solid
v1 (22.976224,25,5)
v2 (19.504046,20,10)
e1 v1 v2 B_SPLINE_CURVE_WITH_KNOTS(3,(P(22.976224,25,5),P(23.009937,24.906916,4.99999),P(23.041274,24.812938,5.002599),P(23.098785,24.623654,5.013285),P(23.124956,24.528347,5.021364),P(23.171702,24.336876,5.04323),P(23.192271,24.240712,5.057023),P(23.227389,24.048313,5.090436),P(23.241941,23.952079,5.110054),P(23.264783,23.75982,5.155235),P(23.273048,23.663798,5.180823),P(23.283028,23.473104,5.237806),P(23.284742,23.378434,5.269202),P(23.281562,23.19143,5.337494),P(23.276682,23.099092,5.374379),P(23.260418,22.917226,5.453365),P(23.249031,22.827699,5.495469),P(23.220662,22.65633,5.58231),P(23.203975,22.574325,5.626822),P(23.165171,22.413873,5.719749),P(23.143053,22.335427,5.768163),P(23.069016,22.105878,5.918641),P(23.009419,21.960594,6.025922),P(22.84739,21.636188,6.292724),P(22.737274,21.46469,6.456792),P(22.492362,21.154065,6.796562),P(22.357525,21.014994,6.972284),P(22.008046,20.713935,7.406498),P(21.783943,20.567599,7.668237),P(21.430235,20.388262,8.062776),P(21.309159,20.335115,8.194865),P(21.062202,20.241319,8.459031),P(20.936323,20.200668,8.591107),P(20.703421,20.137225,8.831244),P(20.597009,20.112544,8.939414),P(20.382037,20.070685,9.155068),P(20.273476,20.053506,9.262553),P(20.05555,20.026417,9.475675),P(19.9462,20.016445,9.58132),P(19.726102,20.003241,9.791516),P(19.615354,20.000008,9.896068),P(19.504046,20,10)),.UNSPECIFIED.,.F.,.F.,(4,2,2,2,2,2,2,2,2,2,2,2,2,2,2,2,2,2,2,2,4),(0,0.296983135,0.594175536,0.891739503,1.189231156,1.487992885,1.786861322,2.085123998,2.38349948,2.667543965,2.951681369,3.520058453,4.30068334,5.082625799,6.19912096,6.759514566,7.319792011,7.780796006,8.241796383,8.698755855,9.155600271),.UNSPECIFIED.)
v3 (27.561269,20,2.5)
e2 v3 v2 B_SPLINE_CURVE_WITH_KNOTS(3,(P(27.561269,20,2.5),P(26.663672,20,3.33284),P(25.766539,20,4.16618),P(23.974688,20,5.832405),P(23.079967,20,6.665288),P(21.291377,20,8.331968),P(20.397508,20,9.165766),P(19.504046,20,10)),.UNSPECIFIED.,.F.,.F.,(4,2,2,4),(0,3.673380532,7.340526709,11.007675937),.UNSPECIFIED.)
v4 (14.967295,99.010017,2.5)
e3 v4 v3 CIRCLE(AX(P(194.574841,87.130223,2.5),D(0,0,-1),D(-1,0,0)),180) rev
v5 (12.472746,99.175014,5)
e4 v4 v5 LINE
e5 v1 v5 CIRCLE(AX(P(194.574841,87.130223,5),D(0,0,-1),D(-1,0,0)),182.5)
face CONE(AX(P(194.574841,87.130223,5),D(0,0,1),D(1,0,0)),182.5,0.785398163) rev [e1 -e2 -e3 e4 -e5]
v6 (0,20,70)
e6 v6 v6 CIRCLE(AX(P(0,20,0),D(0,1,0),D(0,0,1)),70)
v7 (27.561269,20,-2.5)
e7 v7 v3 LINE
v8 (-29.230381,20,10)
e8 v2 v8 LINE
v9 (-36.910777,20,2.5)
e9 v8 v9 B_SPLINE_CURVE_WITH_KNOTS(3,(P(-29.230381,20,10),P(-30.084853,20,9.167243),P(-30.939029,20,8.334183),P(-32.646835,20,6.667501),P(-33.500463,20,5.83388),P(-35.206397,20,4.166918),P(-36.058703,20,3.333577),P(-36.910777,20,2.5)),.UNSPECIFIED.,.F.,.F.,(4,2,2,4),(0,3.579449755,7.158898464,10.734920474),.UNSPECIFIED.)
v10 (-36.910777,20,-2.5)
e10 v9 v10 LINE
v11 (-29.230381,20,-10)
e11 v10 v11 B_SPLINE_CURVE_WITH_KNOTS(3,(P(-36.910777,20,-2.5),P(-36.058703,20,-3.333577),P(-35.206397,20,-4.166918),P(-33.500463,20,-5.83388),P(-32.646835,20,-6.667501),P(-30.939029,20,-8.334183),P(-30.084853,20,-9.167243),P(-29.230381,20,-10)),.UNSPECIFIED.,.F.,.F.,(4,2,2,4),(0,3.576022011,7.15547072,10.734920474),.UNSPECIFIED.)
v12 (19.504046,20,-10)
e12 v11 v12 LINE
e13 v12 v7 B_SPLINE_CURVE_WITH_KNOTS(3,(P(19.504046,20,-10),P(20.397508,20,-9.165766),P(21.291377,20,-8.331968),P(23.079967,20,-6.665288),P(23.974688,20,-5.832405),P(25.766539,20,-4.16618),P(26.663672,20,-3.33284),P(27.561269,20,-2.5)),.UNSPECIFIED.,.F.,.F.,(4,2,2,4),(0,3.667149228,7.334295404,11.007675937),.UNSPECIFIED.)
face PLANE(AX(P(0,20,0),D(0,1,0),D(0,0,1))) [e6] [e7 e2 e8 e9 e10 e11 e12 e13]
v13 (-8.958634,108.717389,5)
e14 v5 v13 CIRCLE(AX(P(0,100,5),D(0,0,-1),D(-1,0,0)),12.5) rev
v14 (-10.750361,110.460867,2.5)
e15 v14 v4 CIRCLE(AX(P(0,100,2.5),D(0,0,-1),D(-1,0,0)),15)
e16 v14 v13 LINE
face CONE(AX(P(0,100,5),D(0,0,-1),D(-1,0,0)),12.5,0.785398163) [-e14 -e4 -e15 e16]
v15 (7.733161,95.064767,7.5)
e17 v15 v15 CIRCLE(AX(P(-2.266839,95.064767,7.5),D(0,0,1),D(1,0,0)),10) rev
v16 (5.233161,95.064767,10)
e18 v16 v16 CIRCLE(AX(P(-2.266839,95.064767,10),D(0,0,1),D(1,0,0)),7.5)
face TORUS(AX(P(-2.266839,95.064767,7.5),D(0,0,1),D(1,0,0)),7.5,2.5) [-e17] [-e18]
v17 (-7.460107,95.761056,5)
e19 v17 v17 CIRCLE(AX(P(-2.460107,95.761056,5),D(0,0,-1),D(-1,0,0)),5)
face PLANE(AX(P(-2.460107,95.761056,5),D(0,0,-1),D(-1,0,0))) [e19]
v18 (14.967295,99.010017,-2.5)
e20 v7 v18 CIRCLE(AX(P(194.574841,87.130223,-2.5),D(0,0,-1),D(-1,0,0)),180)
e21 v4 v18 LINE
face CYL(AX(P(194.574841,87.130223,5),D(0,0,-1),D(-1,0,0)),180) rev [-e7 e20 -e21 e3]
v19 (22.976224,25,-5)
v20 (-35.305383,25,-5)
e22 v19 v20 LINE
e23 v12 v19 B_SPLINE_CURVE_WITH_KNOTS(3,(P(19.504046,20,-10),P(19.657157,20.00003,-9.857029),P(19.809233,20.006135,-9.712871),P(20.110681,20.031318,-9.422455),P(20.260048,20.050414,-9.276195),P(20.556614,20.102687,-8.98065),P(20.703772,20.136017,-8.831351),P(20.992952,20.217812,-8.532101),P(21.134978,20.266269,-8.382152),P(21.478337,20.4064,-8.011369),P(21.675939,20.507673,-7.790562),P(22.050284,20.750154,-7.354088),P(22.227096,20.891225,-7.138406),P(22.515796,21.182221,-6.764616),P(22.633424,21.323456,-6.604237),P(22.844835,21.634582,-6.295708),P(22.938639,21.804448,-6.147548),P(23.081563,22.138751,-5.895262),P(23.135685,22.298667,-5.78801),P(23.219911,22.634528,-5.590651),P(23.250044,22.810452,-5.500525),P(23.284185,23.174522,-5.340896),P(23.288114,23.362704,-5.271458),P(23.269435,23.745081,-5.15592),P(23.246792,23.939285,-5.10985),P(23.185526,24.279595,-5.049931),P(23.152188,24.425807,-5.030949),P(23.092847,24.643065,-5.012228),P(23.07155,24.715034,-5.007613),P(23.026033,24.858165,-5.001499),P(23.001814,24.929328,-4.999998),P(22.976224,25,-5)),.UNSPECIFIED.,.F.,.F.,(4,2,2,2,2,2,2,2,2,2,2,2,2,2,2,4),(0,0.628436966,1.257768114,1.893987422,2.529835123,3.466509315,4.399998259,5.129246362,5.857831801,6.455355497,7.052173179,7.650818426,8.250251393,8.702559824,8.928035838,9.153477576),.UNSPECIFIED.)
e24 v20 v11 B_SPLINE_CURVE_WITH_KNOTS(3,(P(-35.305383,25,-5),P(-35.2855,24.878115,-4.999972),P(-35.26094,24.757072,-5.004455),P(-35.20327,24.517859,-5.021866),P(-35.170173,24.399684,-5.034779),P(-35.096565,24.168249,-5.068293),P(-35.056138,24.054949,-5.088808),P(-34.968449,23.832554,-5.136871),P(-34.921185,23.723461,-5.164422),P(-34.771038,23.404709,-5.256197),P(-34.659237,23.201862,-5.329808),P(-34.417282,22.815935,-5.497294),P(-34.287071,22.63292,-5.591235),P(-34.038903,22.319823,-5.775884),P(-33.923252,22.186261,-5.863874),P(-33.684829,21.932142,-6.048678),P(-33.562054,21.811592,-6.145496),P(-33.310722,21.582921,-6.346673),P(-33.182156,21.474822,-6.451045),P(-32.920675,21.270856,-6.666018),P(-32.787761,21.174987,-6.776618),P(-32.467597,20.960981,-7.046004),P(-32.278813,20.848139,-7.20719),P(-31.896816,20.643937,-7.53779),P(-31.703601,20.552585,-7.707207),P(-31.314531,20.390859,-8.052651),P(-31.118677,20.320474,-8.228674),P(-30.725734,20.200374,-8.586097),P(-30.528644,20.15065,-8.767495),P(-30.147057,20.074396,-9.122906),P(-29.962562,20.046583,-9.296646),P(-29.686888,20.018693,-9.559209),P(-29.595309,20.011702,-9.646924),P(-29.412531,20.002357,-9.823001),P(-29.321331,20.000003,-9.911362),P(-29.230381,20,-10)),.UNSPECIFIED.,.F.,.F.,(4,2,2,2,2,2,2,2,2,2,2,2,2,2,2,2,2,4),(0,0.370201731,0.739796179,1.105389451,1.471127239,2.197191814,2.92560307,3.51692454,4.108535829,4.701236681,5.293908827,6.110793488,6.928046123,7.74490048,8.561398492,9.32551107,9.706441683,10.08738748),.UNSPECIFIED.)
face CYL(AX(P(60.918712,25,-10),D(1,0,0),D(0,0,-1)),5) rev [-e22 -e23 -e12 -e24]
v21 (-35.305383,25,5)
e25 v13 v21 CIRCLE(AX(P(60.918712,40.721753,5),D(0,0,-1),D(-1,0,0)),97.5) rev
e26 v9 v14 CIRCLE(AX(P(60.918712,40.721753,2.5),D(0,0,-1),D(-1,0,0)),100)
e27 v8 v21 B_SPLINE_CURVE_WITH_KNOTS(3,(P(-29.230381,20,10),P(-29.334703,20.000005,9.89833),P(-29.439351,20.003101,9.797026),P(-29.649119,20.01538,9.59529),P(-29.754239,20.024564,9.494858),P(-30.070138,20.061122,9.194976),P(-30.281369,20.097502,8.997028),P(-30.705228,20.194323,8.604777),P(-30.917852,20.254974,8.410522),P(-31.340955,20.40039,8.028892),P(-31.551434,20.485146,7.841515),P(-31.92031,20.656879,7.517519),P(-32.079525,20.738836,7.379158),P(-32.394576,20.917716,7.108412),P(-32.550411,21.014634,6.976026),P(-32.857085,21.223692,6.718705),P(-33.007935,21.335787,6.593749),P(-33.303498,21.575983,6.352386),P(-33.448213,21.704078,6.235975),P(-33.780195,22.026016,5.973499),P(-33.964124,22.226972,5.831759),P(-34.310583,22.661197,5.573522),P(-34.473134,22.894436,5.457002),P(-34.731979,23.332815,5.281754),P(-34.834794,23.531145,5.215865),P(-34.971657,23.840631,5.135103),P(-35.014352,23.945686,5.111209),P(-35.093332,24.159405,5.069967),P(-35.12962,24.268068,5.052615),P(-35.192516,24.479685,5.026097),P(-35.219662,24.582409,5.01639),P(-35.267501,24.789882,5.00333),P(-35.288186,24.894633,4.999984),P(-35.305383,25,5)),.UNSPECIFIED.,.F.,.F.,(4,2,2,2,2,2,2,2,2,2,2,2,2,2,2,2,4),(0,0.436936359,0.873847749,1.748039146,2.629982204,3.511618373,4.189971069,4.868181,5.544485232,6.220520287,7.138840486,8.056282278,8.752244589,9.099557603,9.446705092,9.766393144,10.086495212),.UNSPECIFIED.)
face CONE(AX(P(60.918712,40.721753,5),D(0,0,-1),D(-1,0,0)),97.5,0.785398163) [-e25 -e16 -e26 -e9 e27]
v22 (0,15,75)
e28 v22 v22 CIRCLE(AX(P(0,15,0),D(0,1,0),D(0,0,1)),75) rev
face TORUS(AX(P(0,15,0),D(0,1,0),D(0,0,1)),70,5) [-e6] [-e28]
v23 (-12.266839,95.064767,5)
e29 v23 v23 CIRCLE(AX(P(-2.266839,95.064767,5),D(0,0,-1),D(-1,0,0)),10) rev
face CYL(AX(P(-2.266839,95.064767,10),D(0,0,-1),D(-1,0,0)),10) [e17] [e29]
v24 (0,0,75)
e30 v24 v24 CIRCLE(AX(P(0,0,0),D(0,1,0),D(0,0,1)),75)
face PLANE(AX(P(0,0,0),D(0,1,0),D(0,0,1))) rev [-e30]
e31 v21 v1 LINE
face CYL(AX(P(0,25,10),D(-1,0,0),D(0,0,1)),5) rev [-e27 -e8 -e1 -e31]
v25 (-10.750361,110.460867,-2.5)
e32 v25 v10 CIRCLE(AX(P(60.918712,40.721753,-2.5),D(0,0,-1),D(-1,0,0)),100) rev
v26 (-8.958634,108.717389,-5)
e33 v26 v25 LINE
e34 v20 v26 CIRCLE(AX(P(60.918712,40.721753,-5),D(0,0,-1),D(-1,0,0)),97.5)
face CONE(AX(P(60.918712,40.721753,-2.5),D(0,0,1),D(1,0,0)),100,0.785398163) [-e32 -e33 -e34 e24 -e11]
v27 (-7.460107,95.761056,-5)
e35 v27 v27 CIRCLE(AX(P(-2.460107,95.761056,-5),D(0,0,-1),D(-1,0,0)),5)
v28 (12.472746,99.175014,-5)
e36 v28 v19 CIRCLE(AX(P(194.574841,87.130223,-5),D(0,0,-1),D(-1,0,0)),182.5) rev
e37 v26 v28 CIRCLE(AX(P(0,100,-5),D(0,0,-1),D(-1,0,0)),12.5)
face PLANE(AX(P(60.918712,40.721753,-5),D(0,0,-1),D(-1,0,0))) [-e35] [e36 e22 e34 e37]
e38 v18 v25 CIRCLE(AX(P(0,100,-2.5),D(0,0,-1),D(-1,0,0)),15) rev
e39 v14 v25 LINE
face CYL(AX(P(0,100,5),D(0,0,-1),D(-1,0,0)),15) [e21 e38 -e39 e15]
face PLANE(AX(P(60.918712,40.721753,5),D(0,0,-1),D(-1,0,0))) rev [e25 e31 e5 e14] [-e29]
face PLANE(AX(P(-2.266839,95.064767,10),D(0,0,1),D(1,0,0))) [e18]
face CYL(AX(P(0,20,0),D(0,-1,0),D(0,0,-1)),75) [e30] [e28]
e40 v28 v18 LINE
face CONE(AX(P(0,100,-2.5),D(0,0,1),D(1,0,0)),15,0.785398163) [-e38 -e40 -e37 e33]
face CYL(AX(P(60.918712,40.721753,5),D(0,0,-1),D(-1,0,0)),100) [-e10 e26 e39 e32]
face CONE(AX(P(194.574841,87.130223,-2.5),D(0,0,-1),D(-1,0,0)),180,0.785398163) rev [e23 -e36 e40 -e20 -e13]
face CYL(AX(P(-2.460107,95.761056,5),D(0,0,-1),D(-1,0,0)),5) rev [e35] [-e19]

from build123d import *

# Parameters (mm, degrees)
SKETCH1_R           = 75
BOSS_EXTRUDE1_DEPTH = 20
FILLET1_R           = 5
BOSS_EXTRUDE2_DEPTH = 5
CHAMFER2_SIZE       = 2.5
CHAMFER3_SIZE       = 2.5
FILLET2_R           = 5
SKETCH3_R           = 10
BOSS_EXTRUDE4_DEPTH = 5
FILLET5_R           = 2.5
SKETCH5_R           = 5
CUT_EXTRUDE4_DEPTH  = 10


with BuildPart() as part:
    # Sketch1 → Boss-Extrude1 (new body)
    with BuildSketch(Plane(origin=(0, 0, 0), x_dir=(1, 0, 0), z_dir=(0, 1, 0))):
        with Locations(Location((0, 0, 0), (0, 0, 270))):
            Circle(SKETCH1_R)
    extrude(amount=BOSS_EXTRUDE1_DEPTH)

    # Fillet1
    fillet1_edges = [part.edges().sort_by_distance(p)[0] for p in [
        (0, 20, -75),
    ]]
    fillet(fillet1_edges, radius=FILLET1_R)

    # Sketch2 → Boss-Extrude2 (add, symmetric)
    with BuildSketch(Plane.XY):
        with BuildLine():
            Line((-35, 12.444541462), (30, 12.444541462))
            Line((30, 12.444541462), (30, 14.22534194))
            ThreePointArc((30, 14.22534194), (17.339153051, 55.705537473), (14.967295478, 99.010017132))
            ThreePointArc((14.967295478, 99.010017132), (6.101321608, 113.703060776), (-10.750360925, 110.460867076))
            ThreePointArc((-10.750360925, 110.460867076), (-36.154540949, 64.738072262), (-35, 12.444541462))
        make_face()
    extrude(amount=BOSS_EXTRUDE2_DEPTH, both=True)

    # Chamfer2
    chamfer2_edges = [part.edges().sort_by_distance(p)[0] for p in [
        (16.818841315, 58.796417799, 5),
        (6.101321608, 113.703060776, 5),
        (-35.144979175, 68.502452567, 5),
    ]]
    chamfer(chamfer2_edges, length=CHAMFER2_SIZE)

    # Chamfer3
    chamfer3_edges = [part.edges().sort_by_distance(p)[0] for p in [
        (-35.144979175, 68.502452567, -5),
        (16.818841315, 58.796417799, -5),
        (6.101321608, 113.703060776, -5),
    ]]
    chamfer(chamfer3_edges, length=CHAMFER3_SIZE)

    # Fillet2
    fillet2_edges = [part.edges().sort_by_distance(p)[0] for p in [
        (-4.741993221, 20, 5),
        (-4.741993221, 20, -5),
    ]]
    fillet(fillet2_edges, radius=FILLET2_R)

    # Sketch3 → Boss-Extrude4 (add)
    with BuildSketch(Plane.XY.offset(5)):
        with Locations(Location((-2.266839378, 95.064766839, 0), (0, 0, 180))):
            Circle(SKETCH3_R)
    extrude(amount=BOSS_EXTRUDE4_DEPTH)

    # Fillet5
    fillet5_edges = [part.edges().sort_by_distance(p)[0] for p in [
        (7.733160622, 95.064766839, 10),
    ]]
    fillet(fillet5_edges, radius=FILLET5_R)

    # Sketch5 → Cut-Extrude4 (cut)
    with BuildSketch(Plane(origin=(0, 0, -5), x_dir=(-1, 0, 0), z_dir=(0, 0, -1))):
        with Locations((2.460107282, 95.761056281)):
            Circle(SKETCH5_R)
    extrude(amount=-CUT_EXTRUDE4_DEPTH, mode=Mode.SUBTRACT)


solid = part.part
